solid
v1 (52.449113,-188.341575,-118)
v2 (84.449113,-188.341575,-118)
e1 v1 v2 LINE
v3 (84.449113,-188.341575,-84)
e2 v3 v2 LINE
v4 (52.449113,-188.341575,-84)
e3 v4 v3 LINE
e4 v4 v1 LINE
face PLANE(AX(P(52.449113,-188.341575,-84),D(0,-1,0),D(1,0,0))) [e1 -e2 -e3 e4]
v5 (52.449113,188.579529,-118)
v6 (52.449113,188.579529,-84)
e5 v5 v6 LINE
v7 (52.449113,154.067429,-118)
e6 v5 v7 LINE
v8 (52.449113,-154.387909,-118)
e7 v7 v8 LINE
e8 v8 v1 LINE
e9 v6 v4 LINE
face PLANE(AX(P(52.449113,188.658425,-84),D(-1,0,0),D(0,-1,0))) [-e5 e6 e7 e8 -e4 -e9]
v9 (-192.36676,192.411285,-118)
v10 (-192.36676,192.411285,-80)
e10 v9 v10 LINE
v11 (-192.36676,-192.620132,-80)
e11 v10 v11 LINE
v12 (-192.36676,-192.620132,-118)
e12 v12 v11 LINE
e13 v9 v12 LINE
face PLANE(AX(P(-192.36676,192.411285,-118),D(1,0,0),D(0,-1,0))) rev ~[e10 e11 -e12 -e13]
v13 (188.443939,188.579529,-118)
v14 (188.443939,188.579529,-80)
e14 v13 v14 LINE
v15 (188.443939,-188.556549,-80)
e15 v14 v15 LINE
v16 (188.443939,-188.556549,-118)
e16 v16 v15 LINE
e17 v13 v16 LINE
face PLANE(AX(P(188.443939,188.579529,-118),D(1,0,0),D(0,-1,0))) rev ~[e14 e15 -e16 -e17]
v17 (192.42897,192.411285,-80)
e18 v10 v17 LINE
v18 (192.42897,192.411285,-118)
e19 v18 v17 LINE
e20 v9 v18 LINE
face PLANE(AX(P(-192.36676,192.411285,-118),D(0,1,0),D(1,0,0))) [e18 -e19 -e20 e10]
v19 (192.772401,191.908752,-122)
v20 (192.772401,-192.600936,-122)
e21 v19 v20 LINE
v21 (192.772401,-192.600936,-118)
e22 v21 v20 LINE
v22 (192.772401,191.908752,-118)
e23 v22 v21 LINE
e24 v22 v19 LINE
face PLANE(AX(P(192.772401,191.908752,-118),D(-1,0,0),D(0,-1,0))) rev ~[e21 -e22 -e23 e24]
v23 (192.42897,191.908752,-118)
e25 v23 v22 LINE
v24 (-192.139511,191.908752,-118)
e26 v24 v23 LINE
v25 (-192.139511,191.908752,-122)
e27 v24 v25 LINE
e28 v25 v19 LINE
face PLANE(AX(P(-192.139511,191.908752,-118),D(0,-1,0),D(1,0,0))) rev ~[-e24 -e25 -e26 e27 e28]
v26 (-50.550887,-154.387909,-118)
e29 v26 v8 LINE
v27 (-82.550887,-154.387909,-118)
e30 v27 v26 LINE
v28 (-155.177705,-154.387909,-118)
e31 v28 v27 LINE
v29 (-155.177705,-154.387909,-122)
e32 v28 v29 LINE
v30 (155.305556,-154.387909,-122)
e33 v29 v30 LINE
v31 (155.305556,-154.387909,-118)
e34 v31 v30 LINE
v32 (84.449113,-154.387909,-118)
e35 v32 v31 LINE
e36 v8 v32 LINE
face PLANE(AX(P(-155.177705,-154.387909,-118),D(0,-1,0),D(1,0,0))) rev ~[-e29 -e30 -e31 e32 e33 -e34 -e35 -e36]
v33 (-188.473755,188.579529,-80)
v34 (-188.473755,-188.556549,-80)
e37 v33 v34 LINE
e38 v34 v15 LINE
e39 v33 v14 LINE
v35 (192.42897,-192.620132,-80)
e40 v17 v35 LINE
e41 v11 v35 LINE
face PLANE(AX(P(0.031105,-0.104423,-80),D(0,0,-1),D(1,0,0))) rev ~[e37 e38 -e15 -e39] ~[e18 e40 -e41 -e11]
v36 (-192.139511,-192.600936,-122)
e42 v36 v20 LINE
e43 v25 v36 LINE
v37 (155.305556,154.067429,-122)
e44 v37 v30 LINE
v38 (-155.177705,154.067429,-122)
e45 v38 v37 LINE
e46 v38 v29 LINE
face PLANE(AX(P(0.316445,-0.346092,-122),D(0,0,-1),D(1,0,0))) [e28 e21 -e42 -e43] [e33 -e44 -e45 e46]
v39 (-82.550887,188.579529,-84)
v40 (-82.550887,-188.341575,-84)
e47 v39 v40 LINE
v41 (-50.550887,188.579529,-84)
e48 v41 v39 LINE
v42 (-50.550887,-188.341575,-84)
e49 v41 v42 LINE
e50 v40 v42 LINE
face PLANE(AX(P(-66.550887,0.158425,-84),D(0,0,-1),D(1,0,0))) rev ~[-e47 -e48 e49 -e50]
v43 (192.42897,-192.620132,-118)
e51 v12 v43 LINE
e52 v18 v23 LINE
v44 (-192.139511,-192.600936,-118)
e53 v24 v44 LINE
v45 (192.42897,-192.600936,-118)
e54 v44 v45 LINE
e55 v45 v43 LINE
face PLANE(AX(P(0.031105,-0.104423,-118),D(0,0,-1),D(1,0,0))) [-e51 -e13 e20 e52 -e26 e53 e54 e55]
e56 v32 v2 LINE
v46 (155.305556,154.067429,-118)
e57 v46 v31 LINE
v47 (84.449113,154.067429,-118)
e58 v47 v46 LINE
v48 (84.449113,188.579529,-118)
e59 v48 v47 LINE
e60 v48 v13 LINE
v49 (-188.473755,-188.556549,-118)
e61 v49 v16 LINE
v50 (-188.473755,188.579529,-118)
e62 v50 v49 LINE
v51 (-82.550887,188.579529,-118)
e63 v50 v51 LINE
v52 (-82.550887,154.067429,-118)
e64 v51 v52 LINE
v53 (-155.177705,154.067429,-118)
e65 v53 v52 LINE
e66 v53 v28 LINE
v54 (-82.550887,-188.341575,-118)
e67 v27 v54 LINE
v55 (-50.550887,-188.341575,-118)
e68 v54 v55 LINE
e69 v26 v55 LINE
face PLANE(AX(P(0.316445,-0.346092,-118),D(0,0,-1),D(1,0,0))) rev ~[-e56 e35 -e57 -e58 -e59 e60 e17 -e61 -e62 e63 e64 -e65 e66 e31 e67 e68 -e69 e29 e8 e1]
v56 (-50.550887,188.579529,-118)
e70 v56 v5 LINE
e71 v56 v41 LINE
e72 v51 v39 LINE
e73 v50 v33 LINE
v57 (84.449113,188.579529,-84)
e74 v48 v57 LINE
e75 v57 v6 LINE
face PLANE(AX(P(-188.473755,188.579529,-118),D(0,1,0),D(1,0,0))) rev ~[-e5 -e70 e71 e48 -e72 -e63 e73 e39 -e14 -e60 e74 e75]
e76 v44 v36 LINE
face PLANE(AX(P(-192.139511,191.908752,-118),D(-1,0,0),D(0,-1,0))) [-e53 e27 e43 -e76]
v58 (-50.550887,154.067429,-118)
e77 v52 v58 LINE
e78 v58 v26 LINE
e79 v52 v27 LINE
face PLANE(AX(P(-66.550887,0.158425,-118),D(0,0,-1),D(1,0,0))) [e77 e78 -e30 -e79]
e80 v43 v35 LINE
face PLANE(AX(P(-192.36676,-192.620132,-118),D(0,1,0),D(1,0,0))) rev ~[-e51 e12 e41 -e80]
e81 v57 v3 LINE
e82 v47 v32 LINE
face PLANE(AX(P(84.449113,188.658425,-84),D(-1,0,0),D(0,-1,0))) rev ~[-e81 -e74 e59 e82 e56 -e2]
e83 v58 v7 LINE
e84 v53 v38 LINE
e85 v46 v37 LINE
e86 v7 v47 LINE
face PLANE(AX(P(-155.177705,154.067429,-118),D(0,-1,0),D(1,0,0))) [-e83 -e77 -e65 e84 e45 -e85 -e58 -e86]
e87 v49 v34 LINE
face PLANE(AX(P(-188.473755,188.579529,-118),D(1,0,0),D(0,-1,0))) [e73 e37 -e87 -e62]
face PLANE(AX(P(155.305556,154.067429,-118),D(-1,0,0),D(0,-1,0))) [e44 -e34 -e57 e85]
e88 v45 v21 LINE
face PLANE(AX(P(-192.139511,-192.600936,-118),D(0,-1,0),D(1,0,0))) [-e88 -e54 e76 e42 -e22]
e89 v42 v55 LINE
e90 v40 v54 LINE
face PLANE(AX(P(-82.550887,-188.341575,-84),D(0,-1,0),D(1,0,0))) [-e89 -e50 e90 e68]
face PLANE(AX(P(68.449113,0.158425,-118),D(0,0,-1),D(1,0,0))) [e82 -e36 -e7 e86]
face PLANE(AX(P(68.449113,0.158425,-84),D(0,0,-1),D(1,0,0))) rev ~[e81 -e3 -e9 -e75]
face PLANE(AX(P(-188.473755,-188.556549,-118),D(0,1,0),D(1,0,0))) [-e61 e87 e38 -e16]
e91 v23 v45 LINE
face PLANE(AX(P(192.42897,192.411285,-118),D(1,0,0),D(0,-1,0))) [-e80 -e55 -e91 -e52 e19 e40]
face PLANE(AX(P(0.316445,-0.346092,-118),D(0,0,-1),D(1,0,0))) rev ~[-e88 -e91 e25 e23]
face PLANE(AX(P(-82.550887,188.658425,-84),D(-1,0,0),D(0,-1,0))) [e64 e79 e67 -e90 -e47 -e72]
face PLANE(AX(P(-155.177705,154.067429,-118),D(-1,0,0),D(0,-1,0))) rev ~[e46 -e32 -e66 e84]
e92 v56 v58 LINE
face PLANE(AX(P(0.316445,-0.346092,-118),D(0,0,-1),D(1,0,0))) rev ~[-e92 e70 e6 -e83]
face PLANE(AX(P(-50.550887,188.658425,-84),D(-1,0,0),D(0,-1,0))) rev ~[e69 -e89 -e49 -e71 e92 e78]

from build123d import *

# Parameters (mm, degrees)
SKETCH008_W   = 384.79573
SKETCH008_H   = 385.031417
SKETCH008_W_2 = 376.917694
SKETCH008_H_2 = 377.136078
PAD007_DEPTH  = 38
SKETCH007_W   = 32
SKETCH007_H   = 377
PAD006_DEPTH  = 34
SKETCH009_W   = 384.911911
SKETCH009_H   = 384.509689
SKETCH009_W_2 = 310.483261
SKETCH009_H_2 = 308.455338
PAD008_DEPTH  = 4


with BuildPart() as body009:
    # Sketch008 (on Face1 of CopyClone001) → Pad007 (new body)
    with BuildSketch(Plane(origin=(135, 0, -118), x_dir=(1, 0, 0), z_dir=(0, 0, -1))):
        with Locations((-134.968895, 0.104423)):
            Rectangle(SKETCH008_W, SKETCH008_H)
        with Locations((-135.014908, -0.01149)):
            Rectangle(SKETCH008_W_2, SKETCH008_H_2, mode=Mode.SUBTRACT)
    extrude(amount=-PAD007_DEPTH)


with BuildPart() as body07:
    # Sketch007 (on Face1 of CopyPad005) → Pad006 (new body)
    with BuildSketch(Plane(origin=(0, 0, -84), x_dir=(1, 0, 0), z_dir=(0, 0, -1))):
        with Locations((-66.550887, -0.158425)):
            Rectangle(SKETCH007_W, SKETCH007_H)
    extrude(amount=PAD006_DEPTH)


with BuildPart() as body008:
    # Body008 base: copy of body07
    add(body07.part)


with BuildPart() as body008_1:
    # Clone001 placement: moved
    add(body008.part.moved(Location((135, 0, 0))))


with BuildPart() as baseplate:
    # Sketch009 (on Face1 of CopyPad006) → Pad008 (new body)
    with BuildSketch(Plane(origin=(0, 0, -118), x_dir=(1, 0, 0), z_dir=(0, 0, -1))):
        with Locations((0.316445, 0.346092)):
            Rectangle(SKETCH009_W, SKETCH009_H)
        with Locations((0.063926, 0.16024)):
            Rectangle(SKETCH009_W_2, SKETCH009_H_2, mode=Mode.SUBTRACT)
    extrude(amount=PAD008_DEPTH)

    # Boolean001: union Body009, Body008, body07
    add(body009.part)
    add(body008_1.part)
    add(body07.part)


solid = baseplate.part
